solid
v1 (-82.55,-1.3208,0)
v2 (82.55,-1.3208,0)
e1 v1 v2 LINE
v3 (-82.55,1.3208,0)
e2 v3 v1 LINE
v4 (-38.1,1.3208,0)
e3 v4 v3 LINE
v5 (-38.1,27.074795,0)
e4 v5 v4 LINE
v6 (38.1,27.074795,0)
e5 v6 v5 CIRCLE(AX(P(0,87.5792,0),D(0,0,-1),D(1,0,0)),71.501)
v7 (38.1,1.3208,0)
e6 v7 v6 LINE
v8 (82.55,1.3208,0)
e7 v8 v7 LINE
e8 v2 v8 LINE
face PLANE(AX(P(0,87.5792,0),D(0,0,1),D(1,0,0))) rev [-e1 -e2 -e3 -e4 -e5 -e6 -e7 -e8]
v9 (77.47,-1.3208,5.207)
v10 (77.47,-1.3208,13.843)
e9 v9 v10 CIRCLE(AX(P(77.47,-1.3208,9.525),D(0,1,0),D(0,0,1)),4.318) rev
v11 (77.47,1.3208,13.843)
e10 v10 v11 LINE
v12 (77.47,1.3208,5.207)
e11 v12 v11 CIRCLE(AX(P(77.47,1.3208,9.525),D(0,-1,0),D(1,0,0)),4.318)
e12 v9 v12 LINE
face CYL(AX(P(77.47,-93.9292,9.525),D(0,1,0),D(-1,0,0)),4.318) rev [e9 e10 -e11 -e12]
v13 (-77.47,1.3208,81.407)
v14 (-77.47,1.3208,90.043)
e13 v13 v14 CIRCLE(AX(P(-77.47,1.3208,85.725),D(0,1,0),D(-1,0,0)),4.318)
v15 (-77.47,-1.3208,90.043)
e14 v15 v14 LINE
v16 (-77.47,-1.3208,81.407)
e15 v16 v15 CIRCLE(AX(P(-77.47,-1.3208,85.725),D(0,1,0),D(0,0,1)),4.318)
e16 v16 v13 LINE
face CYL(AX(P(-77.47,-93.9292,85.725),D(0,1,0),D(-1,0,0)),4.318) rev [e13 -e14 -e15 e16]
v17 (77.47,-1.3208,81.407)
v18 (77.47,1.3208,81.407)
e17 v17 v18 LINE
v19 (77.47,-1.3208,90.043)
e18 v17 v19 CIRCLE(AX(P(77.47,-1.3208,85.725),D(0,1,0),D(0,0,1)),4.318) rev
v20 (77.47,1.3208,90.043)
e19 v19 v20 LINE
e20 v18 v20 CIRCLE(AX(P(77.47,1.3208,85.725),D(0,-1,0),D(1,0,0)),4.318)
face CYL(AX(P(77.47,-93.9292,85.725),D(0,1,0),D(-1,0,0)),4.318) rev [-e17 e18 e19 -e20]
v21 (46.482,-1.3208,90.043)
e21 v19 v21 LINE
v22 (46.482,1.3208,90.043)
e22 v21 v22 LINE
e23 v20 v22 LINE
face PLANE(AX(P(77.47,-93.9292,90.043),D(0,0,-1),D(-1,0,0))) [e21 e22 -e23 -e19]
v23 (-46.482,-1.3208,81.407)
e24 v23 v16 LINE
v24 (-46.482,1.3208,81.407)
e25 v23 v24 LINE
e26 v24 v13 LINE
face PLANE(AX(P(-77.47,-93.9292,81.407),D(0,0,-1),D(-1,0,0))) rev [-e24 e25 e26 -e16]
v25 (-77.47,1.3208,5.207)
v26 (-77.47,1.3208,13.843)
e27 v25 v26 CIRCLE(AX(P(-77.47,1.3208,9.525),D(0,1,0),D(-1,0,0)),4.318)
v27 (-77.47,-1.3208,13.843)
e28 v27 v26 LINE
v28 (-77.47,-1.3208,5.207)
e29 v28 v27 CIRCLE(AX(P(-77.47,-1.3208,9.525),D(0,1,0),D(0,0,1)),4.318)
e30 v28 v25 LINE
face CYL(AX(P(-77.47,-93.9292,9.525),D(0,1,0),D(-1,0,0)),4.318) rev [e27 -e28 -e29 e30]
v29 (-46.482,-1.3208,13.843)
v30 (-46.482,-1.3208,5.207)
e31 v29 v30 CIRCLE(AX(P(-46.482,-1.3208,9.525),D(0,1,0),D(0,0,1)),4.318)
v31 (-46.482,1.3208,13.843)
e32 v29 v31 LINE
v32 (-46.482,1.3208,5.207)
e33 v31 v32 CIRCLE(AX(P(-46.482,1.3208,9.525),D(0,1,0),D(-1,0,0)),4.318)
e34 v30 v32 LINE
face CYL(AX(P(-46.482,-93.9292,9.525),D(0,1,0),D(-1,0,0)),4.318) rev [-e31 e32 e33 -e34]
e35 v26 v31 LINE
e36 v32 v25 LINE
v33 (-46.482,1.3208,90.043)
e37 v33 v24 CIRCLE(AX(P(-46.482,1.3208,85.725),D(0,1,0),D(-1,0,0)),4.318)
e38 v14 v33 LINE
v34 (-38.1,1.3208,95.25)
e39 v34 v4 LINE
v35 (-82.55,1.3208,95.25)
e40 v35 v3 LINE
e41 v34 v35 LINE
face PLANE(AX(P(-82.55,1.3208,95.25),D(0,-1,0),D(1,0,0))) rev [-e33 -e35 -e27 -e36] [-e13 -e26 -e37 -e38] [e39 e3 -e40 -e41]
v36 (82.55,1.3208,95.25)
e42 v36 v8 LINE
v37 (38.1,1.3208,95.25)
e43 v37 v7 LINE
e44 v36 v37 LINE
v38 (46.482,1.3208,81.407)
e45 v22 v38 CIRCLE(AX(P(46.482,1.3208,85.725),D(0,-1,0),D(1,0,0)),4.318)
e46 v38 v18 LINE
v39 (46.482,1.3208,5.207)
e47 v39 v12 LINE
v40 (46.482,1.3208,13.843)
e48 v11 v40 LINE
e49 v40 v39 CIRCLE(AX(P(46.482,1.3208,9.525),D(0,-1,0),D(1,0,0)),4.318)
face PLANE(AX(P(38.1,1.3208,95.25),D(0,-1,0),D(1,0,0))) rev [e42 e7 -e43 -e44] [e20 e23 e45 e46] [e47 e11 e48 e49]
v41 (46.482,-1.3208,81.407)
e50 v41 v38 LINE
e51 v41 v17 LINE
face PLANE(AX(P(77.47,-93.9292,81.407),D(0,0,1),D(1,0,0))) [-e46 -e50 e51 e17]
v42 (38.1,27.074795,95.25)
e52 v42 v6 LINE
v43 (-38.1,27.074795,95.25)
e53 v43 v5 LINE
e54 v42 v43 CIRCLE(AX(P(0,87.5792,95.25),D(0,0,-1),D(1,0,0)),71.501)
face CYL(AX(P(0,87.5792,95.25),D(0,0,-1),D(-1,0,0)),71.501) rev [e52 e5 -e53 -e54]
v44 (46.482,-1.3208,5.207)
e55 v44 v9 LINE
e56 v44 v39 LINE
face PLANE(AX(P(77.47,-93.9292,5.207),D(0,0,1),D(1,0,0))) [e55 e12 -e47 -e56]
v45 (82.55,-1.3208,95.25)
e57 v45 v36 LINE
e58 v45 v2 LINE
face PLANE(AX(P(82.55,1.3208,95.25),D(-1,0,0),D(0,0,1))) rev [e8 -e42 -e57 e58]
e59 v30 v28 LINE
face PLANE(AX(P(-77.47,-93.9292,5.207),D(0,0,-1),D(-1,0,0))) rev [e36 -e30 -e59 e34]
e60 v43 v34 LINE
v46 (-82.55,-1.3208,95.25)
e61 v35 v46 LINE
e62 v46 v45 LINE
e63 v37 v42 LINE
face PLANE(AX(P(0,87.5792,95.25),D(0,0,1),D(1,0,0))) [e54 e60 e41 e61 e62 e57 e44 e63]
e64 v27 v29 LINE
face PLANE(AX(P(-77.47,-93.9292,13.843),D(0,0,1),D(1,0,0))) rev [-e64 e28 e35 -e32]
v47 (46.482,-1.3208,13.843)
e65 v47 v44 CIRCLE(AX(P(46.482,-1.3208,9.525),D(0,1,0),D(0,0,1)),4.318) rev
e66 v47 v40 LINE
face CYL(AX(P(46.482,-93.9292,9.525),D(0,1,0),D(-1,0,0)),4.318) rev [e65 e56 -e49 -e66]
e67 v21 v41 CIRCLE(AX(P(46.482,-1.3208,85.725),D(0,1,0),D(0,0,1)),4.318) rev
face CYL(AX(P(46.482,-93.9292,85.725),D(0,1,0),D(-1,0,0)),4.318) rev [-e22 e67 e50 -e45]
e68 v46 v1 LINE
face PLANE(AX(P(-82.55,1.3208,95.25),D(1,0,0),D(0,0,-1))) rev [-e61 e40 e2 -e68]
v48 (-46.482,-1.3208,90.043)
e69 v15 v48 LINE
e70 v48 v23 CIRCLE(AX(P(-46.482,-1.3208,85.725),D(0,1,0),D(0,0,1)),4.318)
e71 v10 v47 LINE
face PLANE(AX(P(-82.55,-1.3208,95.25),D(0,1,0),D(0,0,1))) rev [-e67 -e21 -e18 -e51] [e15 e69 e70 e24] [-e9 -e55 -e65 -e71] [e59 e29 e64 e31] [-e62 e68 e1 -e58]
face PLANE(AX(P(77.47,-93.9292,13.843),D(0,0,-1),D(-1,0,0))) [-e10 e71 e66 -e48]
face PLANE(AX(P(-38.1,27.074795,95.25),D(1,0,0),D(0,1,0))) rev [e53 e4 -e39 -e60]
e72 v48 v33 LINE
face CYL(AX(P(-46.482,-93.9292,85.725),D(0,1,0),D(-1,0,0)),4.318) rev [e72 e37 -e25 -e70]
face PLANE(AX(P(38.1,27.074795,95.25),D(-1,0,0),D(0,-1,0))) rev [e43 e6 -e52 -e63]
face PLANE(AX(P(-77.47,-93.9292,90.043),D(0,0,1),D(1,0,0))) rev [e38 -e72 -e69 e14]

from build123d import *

# Parameters (mm, degrees)
BOSS_EXTRUDE1_DEPTH = 95.25
CUT_EXTRUDE1_DEPTH  = 95.25


with BuildPart() as part:
    # Sketch2 → Boss-Extrude1 (new body)
    with BuildSketch(Plane.XY):
        with BuildLine():
            Line((38.1, 1.3208), (82.55, 1.3208))
            Line((82.55, 1.3208), (82.55, -1.3208))
            Line((82.55, -1.3208), (-82.55, -1.3208))
            Line((-82.55, -1.3208), (-82.55, 1.3208))
            Line((-82.55, 1.3208), (-38.1, 1.3208))
            Line((-38.1, 1.3208), (-38.1, 27.074795193))
            ThreePointArc((-38.1, 27.074795193), (0, 16.0782), (38.1, 27.074795193))
            Line((38.1, 27.074795193), (38.1, 1.3208))
        make_face()
    extrude(amount=BOSS_EXTRUDE1_DEPTH)

    # Sketch3 → Cut-Extrude1 (cut)
    with BuildSketch(Plane(origin=(0, 1.3208, 0), x_dir=(1, 0, 0), z_dir=(0, 1, 0))):
        with BuildLine():
            Line((-77.47, -5.207), (-46.482, -5.207))
            ThreePointArc((-46.482, -5.207), (-42.164, -9.525), (-46.482, -13.843))
            Line((-46.482, -13.843), (-77.47, -13.843))
            ThreePointArc((-77.47, -13.843), (-81.788, -9.525), (-77.47, -5.207))
        make_face()
        with BuildLine():
            Line((-77.47, -81.407), (-46.482, -81.407))
            ThreePointArc((-46.482, -81.407), (-42.164, -85.725), (-46.482, -90.043))
            Line((-46.482, -90.043), (-77.47, -90.043))
            ThreePointArc((-77.47, -90.043), (-81.788, -85.725), (-77.47, -81.407))
        make_face()
    cut_extrude1 = extrude(amount=-CUT_EXTRUDE1_DEPTH, mode=Mode.SUBTRACT)

    # Mirror2: Cut-Extrude1 across plane
    add(cut_extrude1.mirror(Plane(origin=(0, 0, 0), x_dir=(0, 0, 1), z_dir=(1, 0, 0))), mode=Mode.SUBTRACT)


solid = part.part
